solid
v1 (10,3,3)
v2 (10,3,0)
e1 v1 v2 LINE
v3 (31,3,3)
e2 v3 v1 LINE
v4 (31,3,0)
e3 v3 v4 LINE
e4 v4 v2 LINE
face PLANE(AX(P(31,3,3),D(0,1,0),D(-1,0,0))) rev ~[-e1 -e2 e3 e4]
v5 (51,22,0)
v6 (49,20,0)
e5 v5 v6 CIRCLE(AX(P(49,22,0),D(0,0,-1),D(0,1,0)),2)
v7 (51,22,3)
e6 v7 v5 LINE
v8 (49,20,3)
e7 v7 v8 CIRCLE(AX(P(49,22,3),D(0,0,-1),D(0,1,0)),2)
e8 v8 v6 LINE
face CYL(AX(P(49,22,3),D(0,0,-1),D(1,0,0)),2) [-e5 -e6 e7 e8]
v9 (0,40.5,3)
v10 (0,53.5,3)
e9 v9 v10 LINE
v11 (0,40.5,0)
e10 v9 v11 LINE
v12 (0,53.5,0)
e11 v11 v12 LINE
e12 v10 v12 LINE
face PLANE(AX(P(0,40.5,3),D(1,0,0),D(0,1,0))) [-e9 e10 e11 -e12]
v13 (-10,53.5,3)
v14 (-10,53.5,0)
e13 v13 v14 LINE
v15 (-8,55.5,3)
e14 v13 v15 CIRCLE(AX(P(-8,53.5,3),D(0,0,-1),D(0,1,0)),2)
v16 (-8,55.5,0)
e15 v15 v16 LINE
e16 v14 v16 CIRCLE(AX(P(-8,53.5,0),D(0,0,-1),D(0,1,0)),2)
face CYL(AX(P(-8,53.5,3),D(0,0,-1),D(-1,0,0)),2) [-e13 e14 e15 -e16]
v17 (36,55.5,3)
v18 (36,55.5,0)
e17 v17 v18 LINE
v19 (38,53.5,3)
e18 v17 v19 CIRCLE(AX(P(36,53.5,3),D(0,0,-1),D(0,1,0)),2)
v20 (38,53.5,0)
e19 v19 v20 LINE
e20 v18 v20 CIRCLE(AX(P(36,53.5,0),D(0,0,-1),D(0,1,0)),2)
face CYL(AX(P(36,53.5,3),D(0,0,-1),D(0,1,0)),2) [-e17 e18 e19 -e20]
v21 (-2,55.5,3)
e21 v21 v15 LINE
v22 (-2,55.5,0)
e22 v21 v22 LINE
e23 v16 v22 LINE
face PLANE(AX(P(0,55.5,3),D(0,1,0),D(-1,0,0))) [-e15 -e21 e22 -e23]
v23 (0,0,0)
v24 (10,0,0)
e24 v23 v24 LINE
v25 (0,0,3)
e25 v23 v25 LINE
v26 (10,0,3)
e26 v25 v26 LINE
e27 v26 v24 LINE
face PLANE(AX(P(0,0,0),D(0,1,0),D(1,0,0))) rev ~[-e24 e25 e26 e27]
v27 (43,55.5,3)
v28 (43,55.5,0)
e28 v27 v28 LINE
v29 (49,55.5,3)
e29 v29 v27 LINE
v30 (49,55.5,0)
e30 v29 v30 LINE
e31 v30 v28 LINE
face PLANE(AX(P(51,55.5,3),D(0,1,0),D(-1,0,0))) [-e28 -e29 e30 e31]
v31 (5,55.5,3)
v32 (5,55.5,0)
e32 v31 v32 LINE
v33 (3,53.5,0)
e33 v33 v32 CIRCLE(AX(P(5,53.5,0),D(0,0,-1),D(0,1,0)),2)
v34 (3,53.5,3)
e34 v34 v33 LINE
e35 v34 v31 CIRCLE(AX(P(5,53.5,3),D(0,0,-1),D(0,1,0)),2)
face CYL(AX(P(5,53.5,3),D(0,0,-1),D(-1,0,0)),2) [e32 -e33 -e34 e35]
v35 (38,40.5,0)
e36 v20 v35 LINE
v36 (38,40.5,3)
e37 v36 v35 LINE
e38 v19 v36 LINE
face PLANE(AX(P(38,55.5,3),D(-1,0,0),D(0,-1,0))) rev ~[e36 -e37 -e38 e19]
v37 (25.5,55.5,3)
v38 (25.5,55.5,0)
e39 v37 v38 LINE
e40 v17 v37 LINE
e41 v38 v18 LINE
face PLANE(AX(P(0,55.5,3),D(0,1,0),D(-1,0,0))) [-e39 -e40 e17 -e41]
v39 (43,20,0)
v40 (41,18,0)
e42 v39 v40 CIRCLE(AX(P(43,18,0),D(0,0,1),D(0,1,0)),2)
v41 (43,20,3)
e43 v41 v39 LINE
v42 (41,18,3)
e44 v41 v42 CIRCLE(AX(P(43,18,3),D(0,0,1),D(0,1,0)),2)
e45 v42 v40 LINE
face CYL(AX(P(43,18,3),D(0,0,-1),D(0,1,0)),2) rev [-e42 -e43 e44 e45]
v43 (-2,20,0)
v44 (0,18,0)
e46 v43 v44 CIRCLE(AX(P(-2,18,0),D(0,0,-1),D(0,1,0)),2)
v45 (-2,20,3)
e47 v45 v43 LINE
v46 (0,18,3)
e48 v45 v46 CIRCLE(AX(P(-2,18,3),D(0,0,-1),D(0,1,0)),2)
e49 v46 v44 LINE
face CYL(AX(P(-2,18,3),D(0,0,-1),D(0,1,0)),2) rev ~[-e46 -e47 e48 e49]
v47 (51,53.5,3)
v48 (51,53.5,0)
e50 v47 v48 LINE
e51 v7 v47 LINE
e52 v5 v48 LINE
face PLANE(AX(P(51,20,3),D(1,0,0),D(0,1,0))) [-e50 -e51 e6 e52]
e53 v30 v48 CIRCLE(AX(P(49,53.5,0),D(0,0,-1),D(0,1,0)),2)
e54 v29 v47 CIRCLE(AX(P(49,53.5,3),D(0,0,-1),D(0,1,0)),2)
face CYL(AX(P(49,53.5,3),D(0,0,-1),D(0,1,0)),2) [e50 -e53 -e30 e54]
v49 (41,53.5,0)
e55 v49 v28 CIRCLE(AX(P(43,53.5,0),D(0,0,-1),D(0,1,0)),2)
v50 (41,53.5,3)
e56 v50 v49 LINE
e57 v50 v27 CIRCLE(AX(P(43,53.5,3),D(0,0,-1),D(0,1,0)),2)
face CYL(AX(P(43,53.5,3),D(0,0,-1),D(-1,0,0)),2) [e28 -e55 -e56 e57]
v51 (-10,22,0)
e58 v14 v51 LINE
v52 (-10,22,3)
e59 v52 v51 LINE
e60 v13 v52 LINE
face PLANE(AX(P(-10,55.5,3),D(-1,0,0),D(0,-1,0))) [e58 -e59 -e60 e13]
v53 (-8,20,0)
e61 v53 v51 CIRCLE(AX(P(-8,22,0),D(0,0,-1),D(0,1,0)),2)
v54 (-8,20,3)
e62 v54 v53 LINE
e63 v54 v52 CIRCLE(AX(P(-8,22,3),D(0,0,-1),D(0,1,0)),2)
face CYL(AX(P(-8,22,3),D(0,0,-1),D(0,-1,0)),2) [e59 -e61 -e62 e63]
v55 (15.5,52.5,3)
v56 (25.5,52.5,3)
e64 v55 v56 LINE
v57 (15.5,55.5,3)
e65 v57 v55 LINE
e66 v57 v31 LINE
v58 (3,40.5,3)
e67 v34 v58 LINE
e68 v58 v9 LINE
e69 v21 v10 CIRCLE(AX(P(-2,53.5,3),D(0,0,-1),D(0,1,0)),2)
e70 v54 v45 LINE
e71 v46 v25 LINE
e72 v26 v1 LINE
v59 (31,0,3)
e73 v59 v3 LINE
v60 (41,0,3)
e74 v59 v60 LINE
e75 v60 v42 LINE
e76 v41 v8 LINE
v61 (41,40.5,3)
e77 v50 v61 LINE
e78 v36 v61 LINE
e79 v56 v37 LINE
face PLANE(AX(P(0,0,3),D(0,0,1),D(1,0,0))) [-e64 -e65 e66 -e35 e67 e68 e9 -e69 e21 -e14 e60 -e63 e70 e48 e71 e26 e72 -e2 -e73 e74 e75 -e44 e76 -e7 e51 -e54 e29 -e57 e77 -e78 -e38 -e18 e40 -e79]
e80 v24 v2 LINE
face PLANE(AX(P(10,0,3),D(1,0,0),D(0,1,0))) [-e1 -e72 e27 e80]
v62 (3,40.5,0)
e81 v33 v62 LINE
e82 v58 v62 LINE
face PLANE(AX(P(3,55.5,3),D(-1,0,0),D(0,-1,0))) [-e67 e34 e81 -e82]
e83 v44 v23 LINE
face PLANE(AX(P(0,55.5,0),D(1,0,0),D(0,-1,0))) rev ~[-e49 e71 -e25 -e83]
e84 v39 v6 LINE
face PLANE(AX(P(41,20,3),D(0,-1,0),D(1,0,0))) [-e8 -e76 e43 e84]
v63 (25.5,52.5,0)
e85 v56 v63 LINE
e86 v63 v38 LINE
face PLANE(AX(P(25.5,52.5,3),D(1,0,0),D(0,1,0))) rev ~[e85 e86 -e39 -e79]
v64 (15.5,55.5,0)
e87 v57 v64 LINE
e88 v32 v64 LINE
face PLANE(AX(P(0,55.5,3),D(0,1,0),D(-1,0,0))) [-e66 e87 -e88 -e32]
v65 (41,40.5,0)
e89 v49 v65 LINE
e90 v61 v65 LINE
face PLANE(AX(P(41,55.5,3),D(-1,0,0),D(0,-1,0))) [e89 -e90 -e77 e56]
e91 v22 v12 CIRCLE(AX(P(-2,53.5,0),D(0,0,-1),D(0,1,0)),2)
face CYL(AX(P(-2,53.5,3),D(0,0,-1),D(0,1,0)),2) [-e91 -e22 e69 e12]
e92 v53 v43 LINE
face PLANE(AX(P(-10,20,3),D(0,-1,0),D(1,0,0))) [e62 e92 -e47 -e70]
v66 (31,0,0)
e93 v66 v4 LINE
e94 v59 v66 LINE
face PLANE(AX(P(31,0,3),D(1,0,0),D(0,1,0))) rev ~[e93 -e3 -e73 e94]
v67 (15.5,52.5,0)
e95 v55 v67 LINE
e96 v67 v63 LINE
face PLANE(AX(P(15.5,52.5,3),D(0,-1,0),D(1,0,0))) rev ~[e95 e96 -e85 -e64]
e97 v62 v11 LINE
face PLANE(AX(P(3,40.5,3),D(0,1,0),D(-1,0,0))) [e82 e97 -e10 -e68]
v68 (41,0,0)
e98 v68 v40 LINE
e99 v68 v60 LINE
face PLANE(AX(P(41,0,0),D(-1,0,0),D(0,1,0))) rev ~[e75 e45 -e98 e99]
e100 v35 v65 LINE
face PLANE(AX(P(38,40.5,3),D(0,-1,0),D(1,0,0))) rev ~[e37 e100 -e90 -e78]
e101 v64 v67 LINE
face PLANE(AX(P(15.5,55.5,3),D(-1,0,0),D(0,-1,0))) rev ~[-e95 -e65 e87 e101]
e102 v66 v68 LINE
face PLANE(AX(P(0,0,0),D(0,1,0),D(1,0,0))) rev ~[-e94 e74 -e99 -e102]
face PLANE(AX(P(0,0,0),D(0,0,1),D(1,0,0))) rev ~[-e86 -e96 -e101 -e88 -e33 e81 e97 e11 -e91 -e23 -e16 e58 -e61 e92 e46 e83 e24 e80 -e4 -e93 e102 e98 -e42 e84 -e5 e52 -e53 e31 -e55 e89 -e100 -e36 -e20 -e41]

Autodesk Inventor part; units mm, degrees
ref_plane "YZ Plane" through (0, 0, 0) normal (1, 0, 0) x (0, 1, 0)
ref_plane "XZ Plane" through (0, 0, 0) normal (0, 1, 0) x (-1, 0, 0)
ref_plane "XY Plane" through (0, 0, 0) normal (0, 0, 1) x (1, 0, 0)
sketch "Sketch1" plane through (0, 0, 0) normal (0, 0, 1) x (1, 0, 0)
  line L0 (0, 0) -> (41, 0)
  line L1 (41, 0) -> (41, 55.5)
  line L2 (41, 55.5) -> (0, 55.5)
  line L3 (0, 55.5) -> (0, 0)
  dimension "d0" = 41
  dimension "d1" = 55.5
extrude "Extrusion1" add sketch "Sketch1" along normal blind 3
sketch "Sketch2" plane through (0, 0, 3) normal (0, 0, 1) x (1, 0, 0)
  line L0 (0, 0) -> (41, 0) projected
  line L1 (0, 55.5) -> (0, 0) projected
  line L2 (41, 0) -> (41, 55.5) projected
  line L3 (41, 55.5) -> (0, 55.5) projected
  line L4 (0, 0) -> (10, 0)
  line L5 (10, 0) -> (10, 3)
  line L6 (10, 3) -> (0, 3)
  line L7 (0, 3) -> (0, 0)
  line L8 (41, 0) -> (31, 0)
  line L9 (31, 0) -> (31, 3)
  line L10 (31, 3) -> (41, 3)
  line L11 (41, 3) -> (41, 0)
  line L12 (15.5, 52.5) -> (25.5, 52.5)
  line L13 (25.5, 52.5) -> (25.5, 55.5)
  line L14 (25.5, 55.5) -> (15.5, 55.5)
  line L15 (15.5, 55.5) -> (15.5, 52.5)
  line L16 (15.5, 52.5) -> (25.5, 55.5) construction
  line L17 (25.5, 52.5) -> (15.5, 55.5) construction
  line L18 (15.5, 52.5) -> (25.5, 52.5) construction
  line L19 (10, 0) -> (31, 0)
  line L20 (31, 0) -> (31, 3)
  line L21 (31, 3) -> (10, 3)
  line L22 (10, 3) -> (10, 0)
  point P0 (20.5, 54)
  point P1 (20.5, 52.5)
  dimension "d35" = 10
  dimension "d36" = 3
  dimension "d37" = 10
  dimension "d38" = 3
  dimension "d39" = 10
  dimension "d40" = 0
  dimension "d41" = 3
  dimension "d44" = 41
  dimension "d45" = 20.5
sketch "Sketch3" plane through (0, 0, 3) normal (0, 0, 1) x (1, 0, 0)
  line L0 (41, 0) -> (41, 55.5) projected
  line L1 (41, 55.5) -> (38, 55.5)
  line L2 (38, 55.5) -> (38, 40.5)
  line L3 (38, 40.5) -> (41, 40.5)
  line L4 (41, 40.5) -> (41, 55.5)
  point P0 (0, 0)
  dimension "d16" = 3
  dimension "d17" = 15
extrude "Extrusion3" cut sketch "Sketch3" against normal through all
sketch "Sketch4" plane through (0, 0, 3) normal (0, 0, 1) x (1, 0, 0)
  line L0 (38, 55.5) -> (0, 55.5) projected
  line L1 (41, 0) -> (41, 40.5) projected
  line L2 (41, 20) -> (51, 20)
  line L3 (51, 20) -> (51, 55.5)
  line L4 (51, 55.5) -> (41, 55.5)
  line L5 (41, 55.5) -> (41, 20)
  line L6 (0, 0) -> (41, 0) projected
  point P0 (69, 46)
  point P1 (89, 0)
  point P2 (0, 55.5)
  dimension "d20" = 10
  dimension "d21" = 20
extrude "Extrusion4" add sketch "Sketch4" against normal blind 3
sketch "Sketch5" plane through (0, 0, 3) normal (0, 0, 1) x (1, 0, 0)
  line L0 (0, 55.5) -> (0, 0) projected
  line L1 (0, 55.5) -> (-10, 55.5)
  line L2 (-10, 55.5) -> (-10, 20)
  line L3 (-10, 20) -> (0, 20)
  line L4 (0, 20) -> (0, 55.5)
  line L5 (0, 0) -> (41, 0) projected
  point P0 (20, 0)
  dimension "d24" = 10
  dimension "d25" = 20
extrude "Extrusion5" add sketch "Sketch5" against normal blind 3
sketch "Sketch6" plane through (0, 0, 3) normal (0, 0, 1) x (1, 0, 0)
  point P0 (0, 0)
sketch "Sketch7" plane through (0, 0, 3) normal (0, 0, 1) x (1, 0, 0)
  line L0 (38, 55.5) -> (-10, 55.5) projected
  line L1 (0, 55.5) -> (3, 55.5)
  line L2 (3, 55.5) -> (3, 40.5)
  line L3 (3, 40.5) -> (0, 40.5)
  line L4 (0, 40.5) -> (0, 55.5)
  point P0 (0, 0)
  point P1 (30, 46)
  point P2 (-10, 55.5)
  dimension "d28" = 3
  dimension "d29" = 15
extrude "Extrusion6" cut sketch "Sketch7" against normal through all
fillet "Fillet1" radius 2 10 edges at (0, 55.5, 1.5) (3, 55.5, 1.5) (-10, 55.5, 1.5) (38, 55.5, 1.5) (41, 55.5, 1.5) (51, 55.5, 1.5) (51, 20, 1.5) (41, 20, 1.5) (-10, 20, 1.5) (0, 20, 1.5)
extrude "Extrusion7" cut sketch "Sketch2" against normal through all contours L5 L21 L9 L0 | L3 L13 L12 L15
equation "\"d45\" = 0.5 * d44"
properties part number "front_left_v2"
